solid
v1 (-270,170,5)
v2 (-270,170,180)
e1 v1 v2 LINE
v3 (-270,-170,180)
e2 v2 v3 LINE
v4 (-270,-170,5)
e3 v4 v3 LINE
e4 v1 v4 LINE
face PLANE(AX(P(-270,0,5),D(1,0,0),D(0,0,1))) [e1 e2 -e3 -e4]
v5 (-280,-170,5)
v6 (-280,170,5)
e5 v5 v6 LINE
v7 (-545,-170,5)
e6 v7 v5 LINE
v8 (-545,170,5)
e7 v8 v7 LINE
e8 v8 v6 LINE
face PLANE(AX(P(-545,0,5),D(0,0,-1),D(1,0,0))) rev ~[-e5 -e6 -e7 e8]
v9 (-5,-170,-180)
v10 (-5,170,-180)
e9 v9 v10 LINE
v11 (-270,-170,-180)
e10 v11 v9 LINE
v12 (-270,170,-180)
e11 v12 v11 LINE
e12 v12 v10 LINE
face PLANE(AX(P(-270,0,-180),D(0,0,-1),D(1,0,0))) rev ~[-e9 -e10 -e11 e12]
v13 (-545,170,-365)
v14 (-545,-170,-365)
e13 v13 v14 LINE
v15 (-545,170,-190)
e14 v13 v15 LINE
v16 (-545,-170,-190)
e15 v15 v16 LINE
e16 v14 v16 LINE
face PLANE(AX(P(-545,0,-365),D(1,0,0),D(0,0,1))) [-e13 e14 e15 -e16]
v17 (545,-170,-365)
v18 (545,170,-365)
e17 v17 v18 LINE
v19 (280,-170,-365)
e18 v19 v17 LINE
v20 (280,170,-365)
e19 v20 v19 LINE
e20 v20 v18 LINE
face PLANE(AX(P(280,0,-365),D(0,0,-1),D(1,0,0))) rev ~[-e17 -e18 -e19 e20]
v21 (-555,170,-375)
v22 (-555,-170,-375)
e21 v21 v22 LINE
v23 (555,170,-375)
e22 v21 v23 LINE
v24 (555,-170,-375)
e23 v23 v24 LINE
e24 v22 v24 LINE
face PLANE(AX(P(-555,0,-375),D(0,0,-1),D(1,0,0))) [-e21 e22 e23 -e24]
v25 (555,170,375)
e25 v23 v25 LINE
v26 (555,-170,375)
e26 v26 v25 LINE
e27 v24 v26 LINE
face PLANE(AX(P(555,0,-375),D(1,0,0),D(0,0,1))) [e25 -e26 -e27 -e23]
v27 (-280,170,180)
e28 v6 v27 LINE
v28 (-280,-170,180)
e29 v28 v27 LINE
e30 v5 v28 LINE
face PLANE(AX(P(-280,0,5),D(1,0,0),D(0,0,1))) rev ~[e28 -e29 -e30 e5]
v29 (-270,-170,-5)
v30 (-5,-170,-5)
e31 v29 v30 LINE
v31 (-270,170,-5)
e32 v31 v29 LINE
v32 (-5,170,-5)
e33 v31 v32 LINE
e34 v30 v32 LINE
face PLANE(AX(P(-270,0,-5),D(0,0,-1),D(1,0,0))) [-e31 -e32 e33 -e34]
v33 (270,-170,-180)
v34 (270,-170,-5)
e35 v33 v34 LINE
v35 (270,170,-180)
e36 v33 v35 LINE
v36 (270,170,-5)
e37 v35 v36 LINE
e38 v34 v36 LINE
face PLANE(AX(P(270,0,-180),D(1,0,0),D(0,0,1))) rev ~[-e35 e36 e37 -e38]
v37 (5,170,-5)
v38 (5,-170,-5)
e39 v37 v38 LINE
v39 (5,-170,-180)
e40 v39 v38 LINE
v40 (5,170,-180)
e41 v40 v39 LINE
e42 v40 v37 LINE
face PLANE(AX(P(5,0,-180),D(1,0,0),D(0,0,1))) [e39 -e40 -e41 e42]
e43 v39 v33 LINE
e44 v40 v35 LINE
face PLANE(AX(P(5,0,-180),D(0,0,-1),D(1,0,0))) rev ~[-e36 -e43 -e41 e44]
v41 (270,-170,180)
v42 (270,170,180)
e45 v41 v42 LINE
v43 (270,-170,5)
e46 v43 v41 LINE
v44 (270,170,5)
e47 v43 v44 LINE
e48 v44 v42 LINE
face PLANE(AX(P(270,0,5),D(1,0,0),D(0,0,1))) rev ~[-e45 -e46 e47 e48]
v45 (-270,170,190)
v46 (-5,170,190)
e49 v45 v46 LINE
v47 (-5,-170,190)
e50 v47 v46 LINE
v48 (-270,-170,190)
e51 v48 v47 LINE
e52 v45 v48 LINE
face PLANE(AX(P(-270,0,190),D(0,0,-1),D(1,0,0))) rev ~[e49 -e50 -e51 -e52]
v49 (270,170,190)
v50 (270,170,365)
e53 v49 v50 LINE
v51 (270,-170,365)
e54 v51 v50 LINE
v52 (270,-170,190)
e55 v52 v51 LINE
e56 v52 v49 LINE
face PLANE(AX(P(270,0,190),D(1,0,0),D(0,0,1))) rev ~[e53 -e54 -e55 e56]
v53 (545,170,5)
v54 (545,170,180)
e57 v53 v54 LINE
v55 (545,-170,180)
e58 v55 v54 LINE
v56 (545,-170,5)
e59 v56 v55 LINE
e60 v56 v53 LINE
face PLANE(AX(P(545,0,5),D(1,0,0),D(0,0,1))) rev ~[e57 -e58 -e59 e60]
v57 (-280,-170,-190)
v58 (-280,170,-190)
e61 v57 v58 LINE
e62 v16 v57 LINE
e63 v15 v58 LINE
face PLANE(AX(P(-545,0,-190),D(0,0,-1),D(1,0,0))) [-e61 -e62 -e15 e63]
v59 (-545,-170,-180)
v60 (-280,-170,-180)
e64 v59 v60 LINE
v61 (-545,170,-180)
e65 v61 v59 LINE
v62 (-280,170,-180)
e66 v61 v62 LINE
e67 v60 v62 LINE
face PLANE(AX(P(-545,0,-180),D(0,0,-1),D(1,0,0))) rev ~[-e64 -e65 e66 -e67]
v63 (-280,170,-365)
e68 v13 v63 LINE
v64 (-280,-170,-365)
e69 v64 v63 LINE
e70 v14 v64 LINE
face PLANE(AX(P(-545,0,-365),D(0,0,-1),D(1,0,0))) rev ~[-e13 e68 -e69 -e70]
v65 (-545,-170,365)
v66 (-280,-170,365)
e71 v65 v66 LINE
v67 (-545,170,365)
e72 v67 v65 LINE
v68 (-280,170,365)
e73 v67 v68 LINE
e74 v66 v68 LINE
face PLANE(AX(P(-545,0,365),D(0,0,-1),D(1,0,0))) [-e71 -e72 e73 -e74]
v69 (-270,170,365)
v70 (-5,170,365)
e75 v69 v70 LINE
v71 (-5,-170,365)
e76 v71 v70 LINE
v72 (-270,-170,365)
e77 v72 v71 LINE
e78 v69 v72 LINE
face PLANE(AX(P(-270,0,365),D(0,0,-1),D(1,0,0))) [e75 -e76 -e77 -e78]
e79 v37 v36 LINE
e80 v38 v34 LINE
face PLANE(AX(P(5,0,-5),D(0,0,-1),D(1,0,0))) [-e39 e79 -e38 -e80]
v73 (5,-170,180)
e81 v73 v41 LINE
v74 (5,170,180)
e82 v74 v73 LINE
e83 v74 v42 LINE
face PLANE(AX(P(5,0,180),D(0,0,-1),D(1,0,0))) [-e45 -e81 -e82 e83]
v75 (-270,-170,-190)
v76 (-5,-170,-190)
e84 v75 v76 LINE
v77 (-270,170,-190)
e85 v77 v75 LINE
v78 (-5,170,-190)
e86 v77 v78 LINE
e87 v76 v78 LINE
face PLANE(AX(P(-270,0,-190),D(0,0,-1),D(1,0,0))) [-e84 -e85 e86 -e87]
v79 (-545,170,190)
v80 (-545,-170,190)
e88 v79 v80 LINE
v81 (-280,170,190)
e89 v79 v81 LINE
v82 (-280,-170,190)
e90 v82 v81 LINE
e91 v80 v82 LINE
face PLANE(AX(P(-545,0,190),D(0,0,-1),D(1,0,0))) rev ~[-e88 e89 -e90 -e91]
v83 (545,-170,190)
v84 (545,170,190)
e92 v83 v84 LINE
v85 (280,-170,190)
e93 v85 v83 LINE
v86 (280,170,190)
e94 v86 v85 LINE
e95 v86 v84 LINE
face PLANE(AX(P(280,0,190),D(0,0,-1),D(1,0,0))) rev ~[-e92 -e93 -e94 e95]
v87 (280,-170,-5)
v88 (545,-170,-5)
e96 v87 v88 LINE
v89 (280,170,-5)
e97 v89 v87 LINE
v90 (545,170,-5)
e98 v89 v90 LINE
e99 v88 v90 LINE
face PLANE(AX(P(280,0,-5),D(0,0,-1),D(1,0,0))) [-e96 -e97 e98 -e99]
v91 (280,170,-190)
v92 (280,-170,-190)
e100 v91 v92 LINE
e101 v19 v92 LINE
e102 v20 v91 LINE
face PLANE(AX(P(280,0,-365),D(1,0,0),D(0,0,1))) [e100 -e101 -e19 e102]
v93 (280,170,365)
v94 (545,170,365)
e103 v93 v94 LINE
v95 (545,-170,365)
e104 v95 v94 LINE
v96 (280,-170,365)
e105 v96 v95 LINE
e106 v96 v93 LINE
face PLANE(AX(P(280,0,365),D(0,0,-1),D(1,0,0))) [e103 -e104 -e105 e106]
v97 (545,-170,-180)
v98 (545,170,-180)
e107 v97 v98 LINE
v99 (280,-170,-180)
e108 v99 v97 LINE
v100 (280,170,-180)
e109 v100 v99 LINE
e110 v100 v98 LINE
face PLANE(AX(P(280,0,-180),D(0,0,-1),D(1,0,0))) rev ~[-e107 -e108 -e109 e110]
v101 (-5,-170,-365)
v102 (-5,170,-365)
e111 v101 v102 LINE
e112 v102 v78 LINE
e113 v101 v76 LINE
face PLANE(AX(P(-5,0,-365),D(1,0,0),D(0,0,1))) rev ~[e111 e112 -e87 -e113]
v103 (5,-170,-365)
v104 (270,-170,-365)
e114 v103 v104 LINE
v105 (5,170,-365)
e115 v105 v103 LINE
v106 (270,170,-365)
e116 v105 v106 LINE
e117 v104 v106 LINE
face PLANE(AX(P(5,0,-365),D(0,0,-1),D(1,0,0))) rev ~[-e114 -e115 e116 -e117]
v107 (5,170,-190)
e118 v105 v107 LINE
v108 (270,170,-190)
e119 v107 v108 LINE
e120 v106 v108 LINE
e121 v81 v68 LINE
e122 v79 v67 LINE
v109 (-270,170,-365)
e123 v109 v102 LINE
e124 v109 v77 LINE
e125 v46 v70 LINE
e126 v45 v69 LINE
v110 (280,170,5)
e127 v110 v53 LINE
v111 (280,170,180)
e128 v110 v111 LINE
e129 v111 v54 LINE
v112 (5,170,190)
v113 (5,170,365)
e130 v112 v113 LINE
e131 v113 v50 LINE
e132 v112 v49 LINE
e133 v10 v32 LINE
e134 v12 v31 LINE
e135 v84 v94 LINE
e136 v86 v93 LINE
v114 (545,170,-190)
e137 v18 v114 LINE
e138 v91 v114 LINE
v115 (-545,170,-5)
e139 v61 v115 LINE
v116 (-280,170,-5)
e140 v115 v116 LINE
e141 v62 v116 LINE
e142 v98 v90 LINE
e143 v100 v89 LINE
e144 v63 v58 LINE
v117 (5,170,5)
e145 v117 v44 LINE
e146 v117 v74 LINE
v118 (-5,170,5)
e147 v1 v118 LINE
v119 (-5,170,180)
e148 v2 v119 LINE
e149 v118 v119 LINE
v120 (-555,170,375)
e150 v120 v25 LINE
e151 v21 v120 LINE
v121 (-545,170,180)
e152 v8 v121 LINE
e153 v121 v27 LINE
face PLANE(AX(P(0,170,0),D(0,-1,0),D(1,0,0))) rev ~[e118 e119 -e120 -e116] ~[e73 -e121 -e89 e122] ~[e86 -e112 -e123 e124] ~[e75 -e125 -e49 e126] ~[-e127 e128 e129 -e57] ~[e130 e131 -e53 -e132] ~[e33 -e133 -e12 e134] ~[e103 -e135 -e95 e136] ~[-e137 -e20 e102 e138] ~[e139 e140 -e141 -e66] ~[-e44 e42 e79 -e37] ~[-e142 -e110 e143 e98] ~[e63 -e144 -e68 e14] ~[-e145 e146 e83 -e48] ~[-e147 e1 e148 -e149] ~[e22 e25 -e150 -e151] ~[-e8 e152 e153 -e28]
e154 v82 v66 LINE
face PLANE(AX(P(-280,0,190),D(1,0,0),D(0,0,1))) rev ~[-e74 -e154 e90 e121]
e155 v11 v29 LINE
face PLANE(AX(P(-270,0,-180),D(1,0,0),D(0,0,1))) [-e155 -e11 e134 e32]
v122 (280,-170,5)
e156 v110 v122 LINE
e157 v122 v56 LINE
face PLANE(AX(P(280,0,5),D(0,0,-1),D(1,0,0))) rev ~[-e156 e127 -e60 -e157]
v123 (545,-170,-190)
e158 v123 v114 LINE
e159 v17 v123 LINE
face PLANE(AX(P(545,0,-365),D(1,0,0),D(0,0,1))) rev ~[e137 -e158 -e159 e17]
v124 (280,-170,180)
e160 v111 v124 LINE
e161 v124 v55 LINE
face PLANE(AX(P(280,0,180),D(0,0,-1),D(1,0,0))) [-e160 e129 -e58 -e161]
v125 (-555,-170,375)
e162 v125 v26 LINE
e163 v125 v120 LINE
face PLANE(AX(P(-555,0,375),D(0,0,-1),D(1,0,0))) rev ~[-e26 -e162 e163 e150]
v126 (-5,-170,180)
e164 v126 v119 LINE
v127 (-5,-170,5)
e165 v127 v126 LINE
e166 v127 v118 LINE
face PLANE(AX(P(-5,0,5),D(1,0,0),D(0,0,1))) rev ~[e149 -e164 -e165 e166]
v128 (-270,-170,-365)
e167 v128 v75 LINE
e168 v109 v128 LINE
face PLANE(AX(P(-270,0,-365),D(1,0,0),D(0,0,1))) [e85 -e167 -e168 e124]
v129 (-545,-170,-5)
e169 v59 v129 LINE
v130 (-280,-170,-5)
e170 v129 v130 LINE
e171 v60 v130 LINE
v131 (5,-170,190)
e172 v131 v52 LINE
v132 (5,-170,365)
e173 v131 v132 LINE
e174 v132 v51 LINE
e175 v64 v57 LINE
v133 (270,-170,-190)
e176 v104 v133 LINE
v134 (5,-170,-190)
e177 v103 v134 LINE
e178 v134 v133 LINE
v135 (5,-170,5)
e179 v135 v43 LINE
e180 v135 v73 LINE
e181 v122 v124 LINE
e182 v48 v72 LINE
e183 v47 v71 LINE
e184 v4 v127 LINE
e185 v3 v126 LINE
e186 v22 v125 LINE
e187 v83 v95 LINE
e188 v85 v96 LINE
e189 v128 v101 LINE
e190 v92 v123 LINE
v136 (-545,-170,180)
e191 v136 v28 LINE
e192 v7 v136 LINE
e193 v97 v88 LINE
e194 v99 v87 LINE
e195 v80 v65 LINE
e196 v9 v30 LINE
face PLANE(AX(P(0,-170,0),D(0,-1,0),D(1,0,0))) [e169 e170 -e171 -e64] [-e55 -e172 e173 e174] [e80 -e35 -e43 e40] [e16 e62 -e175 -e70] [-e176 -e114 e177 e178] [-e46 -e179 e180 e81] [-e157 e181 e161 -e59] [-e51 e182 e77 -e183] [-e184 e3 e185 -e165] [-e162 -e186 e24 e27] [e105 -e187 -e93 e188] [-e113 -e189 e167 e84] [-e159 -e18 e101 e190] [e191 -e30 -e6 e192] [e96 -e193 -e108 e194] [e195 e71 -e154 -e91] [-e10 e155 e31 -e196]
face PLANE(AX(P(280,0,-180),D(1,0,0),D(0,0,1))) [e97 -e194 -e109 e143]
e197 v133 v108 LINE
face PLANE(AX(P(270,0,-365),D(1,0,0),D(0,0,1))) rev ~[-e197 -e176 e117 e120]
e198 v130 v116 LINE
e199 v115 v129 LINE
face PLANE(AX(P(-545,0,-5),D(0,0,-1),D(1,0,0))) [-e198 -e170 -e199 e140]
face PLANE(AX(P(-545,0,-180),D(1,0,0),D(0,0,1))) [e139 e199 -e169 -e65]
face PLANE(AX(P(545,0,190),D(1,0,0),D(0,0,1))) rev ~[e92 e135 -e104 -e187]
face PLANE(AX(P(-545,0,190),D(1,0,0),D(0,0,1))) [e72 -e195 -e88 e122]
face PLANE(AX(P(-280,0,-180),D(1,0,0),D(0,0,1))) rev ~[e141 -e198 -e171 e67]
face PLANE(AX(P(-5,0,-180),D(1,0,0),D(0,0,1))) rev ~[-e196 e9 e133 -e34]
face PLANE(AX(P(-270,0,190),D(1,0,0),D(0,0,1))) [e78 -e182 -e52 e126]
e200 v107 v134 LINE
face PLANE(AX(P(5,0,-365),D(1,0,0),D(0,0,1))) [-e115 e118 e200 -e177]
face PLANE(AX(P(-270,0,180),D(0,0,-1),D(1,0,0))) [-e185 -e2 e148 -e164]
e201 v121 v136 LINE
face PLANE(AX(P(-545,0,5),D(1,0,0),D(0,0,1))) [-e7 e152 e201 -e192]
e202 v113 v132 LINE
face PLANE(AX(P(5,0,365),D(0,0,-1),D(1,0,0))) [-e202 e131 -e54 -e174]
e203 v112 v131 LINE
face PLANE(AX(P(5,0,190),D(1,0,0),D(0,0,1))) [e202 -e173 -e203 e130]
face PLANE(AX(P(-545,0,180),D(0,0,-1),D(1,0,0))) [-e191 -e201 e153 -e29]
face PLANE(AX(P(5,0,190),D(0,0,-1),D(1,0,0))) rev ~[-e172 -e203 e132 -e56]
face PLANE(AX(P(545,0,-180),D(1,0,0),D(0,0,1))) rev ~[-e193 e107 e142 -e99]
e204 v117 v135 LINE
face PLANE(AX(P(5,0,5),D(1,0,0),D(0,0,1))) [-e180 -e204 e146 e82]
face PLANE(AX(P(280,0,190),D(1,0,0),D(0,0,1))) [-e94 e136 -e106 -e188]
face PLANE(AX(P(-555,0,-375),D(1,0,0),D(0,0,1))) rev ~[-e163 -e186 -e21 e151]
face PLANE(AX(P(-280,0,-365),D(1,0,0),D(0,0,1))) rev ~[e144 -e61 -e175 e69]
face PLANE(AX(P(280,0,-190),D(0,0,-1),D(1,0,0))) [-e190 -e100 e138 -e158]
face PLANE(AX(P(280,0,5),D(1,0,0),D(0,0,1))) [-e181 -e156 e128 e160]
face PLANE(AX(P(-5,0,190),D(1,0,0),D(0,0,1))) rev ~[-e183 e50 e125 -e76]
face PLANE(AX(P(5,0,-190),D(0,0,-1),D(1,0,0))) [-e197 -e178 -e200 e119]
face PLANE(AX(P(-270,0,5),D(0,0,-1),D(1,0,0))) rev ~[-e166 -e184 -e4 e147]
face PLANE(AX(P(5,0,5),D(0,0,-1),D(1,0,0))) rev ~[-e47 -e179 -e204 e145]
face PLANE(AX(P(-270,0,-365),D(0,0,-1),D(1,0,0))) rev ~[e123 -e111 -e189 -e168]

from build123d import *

# Parameters (mm, degrees)
F0_W     = 1110
F0_H     = 750
F0_W_2   = 265
F0_H_2   = 175
F1_DEPTH = 170


with BuildPart() as f1:
    # F0 (on Front) → F1 (new body, symmetric)
    with BuildSketch(Plane.XZ):
        Rectangle(F0_W, F0_H)
        with Locations((-412.5, -277.5)):
            Rectangle(F0_W_2, F0_H_2, mode=Mode.SUBTRACT)
        with Locations((-137.5, -277.5)):
            Rectangle(F0_W_2, F0_H_2, mode=Mode.SUBTRACT)
        with Locations((-412.5, -92.5)):
            Rectangle(F0_W_2, F0_H_2, mode=Mode.SUBTRACT)
        with Locations((-137.5, -92.5)):
            Rectangle(F0_W_2, F0_H_2, mode=Mode.SUBTRACT)
        with Locations((137.5, -277.5)):
            Rectangle(F0_W_2, F0_H_2, mode=Mode.SUBTRACT)
        with Locations((412.5, -277.5)):
            Rectangle(F0_W_2, F0_H_2, mode=Mode.SUBTRACT)
        with Locations((137.5, -92.5)):
            Rectangle(F0_W_2, F0_H_2, mode=Mode.SUBTRACT)
        with Locations((412.5, -92.5)):
            Rectangle(F0_W_2, F0_H_2, mode=Mode.SUBTRACT)
        with Locations((-412.5, 92.5)):
            Rectangle(F0_W_2, F0_H_2, mode=Mode.SUBTRACT)
        with Locations((-137.5, 92.5)):
            Rectangle(F0_W_2, F0_H_2, mode=Mode.SUBTRACT)
        with Locations((-412.5, 277.5)):
            Rectangle(F0_W_2, F0_H_2, mode=Mode.SUBTRACT)
        with Locations((-137.5, 277.5)):
            Rectangle(F0_W_2, F0_H_2, mode=Mode.SUBTRACT)
        with Locations((137.5, 92.5)):
            Rectangle(F0_W_2, F0_H_2, mode=Mode.SUBTRACT)
        with Locations((412.5, 92.5)):
            Rectangle(F0_W_2, F0_H_2, mode=Mode.SUBTRACT)
        with Locations((137.5, 277.5)):
            Rectangle(F0_W_2, F0_H_2, mode=Mode.SUBTRACT)
        with Locations((412.5, 277.5)):
            Rectangle(F0_W_2, F0_H_2, mode=Mode.SUBTRACT)
    extrude(amount=F1_DEPTH, both=True)


solid = f1.part
